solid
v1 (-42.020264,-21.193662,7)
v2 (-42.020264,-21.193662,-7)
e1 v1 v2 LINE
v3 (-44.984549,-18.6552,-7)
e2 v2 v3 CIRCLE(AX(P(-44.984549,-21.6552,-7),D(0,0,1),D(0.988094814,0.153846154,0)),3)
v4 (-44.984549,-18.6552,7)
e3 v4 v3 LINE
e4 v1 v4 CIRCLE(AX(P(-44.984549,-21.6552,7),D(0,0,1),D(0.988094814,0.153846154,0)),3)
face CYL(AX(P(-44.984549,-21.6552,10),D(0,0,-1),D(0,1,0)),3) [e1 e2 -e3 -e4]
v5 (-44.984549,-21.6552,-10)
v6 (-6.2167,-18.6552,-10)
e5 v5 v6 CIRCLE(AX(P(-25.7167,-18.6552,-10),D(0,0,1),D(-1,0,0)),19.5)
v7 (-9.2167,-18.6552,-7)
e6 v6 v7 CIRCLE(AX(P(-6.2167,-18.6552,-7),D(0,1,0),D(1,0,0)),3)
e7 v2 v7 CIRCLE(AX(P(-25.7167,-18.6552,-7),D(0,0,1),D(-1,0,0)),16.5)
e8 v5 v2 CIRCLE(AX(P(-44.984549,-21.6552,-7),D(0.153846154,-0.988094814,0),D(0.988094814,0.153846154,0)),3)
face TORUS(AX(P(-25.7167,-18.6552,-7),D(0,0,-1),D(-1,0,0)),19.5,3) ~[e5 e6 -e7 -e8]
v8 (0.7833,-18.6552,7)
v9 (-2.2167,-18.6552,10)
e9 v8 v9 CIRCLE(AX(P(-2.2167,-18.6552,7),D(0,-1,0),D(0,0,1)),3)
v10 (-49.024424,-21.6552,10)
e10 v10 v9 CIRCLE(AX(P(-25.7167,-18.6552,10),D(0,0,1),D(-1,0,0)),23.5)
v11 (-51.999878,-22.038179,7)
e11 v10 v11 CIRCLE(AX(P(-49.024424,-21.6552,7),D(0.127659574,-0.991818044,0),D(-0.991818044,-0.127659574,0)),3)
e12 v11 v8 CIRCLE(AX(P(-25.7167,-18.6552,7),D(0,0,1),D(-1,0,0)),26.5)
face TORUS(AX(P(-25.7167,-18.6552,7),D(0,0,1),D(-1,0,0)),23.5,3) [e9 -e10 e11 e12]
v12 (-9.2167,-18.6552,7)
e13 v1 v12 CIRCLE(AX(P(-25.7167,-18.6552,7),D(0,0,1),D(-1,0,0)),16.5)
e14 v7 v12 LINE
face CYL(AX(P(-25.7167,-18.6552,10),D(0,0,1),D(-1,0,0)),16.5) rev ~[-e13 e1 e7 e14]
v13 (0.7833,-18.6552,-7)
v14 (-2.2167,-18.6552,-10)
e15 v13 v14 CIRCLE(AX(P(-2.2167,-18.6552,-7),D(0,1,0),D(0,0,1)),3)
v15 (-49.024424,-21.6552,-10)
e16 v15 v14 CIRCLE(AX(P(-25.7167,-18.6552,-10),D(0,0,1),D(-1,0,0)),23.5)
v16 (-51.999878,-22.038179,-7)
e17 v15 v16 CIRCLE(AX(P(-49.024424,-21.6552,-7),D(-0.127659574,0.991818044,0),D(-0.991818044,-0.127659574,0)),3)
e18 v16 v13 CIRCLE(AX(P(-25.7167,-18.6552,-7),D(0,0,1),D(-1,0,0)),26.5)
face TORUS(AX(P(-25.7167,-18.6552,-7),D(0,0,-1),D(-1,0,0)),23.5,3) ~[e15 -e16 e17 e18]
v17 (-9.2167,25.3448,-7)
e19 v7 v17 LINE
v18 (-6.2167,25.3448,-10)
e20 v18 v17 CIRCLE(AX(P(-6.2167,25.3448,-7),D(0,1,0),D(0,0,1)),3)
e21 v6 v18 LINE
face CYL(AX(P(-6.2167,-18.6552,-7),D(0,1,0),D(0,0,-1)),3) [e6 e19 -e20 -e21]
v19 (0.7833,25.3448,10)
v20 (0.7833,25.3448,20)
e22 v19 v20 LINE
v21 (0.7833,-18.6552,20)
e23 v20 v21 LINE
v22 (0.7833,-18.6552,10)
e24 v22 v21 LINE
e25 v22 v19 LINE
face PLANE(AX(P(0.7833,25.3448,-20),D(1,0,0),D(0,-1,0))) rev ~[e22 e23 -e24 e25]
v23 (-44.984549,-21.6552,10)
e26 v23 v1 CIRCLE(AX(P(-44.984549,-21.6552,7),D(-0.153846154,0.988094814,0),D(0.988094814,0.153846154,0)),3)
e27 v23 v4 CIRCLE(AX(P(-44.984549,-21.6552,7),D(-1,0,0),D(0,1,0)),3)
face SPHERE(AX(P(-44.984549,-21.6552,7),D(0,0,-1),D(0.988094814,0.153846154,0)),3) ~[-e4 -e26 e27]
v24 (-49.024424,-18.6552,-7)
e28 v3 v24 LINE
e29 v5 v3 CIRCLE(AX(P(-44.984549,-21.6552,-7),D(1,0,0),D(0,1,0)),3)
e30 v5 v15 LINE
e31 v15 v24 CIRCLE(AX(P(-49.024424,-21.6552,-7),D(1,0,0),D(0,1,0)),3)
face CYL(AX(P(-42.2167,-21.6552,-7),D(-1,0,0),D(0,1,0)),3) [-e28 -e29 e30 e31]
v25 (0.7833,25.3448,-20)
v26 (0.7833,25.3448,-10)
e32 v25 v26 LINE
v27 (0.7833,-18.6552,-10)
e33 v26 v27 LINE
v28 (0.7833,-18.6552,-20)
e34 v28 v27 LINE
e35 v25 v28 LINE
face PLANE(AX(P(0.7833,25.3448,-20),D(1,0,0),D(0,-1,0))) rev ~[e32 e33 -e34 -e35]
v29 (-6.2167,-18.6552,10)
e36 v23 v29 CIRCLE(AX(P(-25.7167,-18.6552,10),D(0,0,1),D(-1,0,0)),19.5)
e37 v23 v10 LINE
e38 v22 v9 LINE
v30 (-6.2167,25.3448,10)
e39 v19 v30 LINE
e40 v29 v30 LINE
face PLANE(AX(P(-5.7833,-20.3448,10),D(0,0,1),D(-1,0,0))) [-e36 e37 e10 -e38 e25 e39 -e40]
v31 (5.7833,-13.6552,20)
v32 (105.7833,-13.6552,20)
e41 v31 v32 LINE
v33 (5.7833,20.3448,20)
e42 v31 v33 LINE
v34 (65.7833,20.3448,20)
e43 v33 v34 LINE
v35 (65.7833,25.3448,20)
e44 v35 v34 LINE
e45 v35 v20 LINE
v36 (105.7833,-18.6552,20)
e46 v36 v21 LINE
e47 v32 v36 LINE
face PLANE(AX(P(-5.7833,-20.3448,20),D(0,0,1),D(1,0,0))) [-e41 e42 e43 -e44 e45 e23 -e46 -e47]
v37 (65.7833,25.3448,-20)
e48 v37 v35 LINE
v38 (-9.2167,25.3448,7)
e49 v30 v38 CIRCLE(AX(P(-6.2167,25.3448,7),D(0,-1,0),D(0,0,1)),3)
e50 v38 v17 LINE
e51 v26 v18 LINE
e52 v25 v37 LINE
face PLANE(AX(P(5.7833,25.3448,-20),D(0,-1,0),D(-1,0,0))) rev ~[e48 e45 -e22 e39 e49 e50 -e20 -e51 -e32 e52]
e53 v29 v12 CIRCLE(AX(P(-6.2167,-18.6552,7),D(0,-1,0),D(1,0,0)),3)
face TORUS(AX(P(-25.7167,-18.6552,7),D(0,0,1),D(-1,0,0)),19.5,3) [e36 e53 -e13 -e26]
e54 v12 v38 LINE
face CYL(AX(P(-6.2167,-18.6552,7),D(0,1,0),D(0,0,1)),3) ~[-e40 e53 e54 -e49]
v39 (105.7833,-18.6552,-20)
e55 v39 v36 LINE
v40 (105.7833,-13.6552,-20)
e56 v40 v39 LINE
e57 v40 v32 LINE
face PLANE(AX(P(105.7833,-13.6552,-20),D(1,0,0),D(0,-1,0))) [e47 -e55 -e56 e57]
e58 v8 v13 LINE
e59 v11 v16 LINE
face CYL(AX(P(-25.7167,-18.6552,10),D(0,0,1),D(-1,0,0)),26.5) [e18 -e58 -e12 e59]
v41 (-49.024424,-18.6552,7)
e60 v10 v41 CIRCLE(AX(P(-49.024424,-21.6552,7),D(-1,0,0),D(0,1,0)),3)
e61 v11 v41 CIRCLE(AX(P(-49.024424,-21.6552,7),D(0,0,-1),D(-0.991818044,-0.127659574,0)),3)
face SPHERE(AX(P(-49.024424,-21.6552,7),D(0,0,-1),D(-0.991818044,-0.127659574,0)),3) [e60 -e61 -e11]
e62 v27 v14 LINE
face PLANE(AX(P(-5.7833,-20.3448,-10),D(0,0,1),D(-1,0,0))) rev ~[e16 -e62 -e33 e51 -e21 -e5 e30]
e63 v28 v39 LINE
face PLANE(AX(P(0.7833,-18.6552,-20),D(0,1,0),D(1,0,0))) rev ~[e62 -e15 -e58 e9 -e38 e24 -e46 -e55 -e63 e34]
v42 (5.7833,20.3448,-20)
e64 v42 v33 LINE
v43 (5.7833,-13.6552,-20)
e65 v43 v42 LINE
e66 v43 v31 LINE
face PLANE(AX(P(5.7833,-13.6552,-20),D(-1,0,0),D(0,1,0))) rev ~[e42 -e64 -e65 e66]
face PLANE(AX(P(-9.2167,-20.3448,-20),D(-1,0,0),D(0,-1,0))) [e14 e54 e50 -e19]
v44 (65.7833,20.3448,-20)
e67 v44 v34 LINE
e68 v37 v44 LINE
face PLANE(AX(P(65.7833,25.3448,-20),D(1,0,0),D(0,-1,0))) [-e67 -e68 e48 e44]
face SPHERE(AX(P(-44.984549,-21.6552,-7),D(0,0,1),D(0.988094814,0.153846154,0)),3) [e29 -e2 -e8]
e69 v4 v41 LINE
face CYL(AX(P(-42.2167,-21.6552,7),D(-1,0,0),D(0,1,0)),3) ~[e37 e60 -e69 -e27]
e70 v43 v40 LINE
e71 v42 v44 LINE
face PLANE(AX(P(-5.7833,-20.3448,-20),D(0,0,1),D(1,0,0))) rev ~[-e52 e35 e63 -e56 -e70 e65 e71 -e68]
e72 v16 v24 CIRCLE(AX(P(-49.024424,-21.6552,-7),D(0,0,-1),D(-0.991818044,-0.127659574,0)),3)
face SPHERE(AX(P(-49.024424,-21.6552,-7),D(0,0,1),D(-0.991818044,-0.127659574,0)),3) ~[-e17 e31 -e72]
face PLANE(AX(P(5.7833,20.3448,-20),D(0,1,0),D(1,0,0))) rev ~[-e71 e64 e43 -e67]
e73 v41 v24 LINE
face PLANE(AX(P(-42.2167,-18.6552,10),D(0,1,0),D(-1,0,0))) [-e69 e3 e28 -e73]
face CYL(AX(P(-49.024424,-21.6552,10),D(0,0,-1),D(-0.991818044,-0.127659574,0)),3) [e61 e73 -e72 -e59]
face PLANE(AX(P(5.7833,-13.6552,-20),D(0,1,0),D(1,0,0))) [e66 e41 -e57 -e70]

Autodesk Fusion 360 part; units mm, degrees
sketch "Sketch1" plane through (0, 0, 0) normal (0, 0, 1) x (1, 0, 0)
  line L0 (5.7833, 3.3448) -> (5.7833, 20.3448)
  line L1 (5.7833, 20.3448) -> (35.7833, 20.3448)
  line L2 (5.7833, 3.3448) -> (55.7833, 3.3448)
  line L3 (35.7833, 20.3448) -> (5.7833, 20.3448)
  line L4 (5.7833, 20.3448) -> (5.7833, 22.8448)
  line L5 (5.7833, 22.8448) -> (35.7833, 22.8448)
  line L6 (35.7833, 22.8448) -> (35.7833, 20.3448)
  line L7 (5.7833, 3.3448) -> (55.7833, 3.3448)
  line L8 (55.7833, 3.3448) -> (55.7833, 0.8448)
  line L9 (55.7833, 0.8448) -> (5.7833, 0.8448)
  line L10 (5.7833, 0.8448) -> (5.7833, 3.3448)
  line L11 (5.7833, 22.8448) -> (3.2833, 22.8448)
  line L12 (3.2833, 22.8448) -> (3.2833, 0.8448)
  line L13 (3.2833, 0.8448) -> (5.7833, 0.8448)
  line L14 (5.7833, 0.8448) -> (5.7833, 22.8448)
  dimension "d1" = 17
  dimension "d2" = 30
  dimension "d3" = 50
  dimension "d4" = 2.5
  dimension "d5" = 2.5
  dimension "d6" = 2.5
extrude "Extrude1" add sketch "Sketch1" along normal blind 20
sketch "Sketch2" plane through (0, 0, 20) normal (0, 0, 1) x (-1, 0, 0)
  line L0 (-35.7833, -22.8448) -> (-3.2833, -22.8448)
  line L1 (-3.2833, -22.8448) -> (-3.2833, -0.8448)
  line L2 (-3.2833, -0.8448) -> (-55.7833, -0.8448)
  line L3 (-55.7833, -0.8448) -> (-55.7833, -3.3448)
  line L4 (-55.7833, -3.3448) -> (-5.7833, -3.3448)
  line L5 (-5.7833, -3.3448) -> (-5.7833, -20.3448)
  line L6 (-5.7833, -20.3448) -> (-35.7833, -20.3448)
  line L7 (-35.7833, -20.3448) -> (-35.7833, -22.8448)
sketch "Sketch3" plane through (3.2833, 0, 0) normal (-1, 0, 0) x (0, -1, 0)
  line L0 (-22.8448, 0) -> (-0.8448, 0)
  line L1 (-0.8448, 0) -> (-0.8448, 20)
  line L2 (-0.8448, 20) -> (-22.8448, 20)
  line L3 (-22.8448, 20) -> (-22.8448, 0)
  line L4 (-22.8448, 5) -> (-0.8448, 5)
  line L5 (-0.8448, 5) -> (-0.8448, 15)
  line L6 (-0.8448, 15) -> (-22.8448, 15)
  line L7 (-22.8448, 15) -> (-22.8448, 5)
  dimension "d10" = 10
extrude "Extrude2" add sketch "Sketch3" along normal blind 5 contours L1 L3 L4 L5 L6 L7
sketch "Sketch4" plane through (0, 0, 15) normal (0, 0, 1) x (-1, 0, 0)
  line L0 (-3.2833, -0.8448) -> (-3.2833, -22.8448)
  line L1 (-3.2833, -22.8448) -> (1.7167, -22.8448)
  line L2 (1.7167, -22.8448) -> (1.7167, -0.8448)
  line L3 (1.7167, -0.8448) -> (-3.2833, -0.8448)
  arc A0 (18.2167, -0.8448) -> (1.7167, -0.8448) centre (9.9667, -0.8448) ccw
  line L4 (18.2167, -0.8448) -> (23.2167, -0.8448)
  arc A1 (23.2167, -0.8448) -> (-3.2833, -0.8448) centre (9.9667, -0.8448) ccw
  dimension "d13" = 16.5
  dimension "d14" = 5
extrude "Extrude3" add sketch "Sketch4" against normal blind 10 contours L3 A0 L4 A1
fillet "Fillet1" radius 1.5 10 edges at (-20.7167, 0.8448, 15) (-20.7167, 0.8448, 5) (-18.2167, 0.8448, 10) (-23.2167, 0.8448, 10) (-9.9667, -12.4052, 5) (-9.9667, -12.4052, 15) (-9.9667, -7.4052, 5) (-1.7167, 11.8448, 5) (-9.9667, -7.4052, 15) (-1.7167, 11.8448, 15)
scale "Scale1" factor 2 about (5.7833, 20.3448, 20) bodies 1
